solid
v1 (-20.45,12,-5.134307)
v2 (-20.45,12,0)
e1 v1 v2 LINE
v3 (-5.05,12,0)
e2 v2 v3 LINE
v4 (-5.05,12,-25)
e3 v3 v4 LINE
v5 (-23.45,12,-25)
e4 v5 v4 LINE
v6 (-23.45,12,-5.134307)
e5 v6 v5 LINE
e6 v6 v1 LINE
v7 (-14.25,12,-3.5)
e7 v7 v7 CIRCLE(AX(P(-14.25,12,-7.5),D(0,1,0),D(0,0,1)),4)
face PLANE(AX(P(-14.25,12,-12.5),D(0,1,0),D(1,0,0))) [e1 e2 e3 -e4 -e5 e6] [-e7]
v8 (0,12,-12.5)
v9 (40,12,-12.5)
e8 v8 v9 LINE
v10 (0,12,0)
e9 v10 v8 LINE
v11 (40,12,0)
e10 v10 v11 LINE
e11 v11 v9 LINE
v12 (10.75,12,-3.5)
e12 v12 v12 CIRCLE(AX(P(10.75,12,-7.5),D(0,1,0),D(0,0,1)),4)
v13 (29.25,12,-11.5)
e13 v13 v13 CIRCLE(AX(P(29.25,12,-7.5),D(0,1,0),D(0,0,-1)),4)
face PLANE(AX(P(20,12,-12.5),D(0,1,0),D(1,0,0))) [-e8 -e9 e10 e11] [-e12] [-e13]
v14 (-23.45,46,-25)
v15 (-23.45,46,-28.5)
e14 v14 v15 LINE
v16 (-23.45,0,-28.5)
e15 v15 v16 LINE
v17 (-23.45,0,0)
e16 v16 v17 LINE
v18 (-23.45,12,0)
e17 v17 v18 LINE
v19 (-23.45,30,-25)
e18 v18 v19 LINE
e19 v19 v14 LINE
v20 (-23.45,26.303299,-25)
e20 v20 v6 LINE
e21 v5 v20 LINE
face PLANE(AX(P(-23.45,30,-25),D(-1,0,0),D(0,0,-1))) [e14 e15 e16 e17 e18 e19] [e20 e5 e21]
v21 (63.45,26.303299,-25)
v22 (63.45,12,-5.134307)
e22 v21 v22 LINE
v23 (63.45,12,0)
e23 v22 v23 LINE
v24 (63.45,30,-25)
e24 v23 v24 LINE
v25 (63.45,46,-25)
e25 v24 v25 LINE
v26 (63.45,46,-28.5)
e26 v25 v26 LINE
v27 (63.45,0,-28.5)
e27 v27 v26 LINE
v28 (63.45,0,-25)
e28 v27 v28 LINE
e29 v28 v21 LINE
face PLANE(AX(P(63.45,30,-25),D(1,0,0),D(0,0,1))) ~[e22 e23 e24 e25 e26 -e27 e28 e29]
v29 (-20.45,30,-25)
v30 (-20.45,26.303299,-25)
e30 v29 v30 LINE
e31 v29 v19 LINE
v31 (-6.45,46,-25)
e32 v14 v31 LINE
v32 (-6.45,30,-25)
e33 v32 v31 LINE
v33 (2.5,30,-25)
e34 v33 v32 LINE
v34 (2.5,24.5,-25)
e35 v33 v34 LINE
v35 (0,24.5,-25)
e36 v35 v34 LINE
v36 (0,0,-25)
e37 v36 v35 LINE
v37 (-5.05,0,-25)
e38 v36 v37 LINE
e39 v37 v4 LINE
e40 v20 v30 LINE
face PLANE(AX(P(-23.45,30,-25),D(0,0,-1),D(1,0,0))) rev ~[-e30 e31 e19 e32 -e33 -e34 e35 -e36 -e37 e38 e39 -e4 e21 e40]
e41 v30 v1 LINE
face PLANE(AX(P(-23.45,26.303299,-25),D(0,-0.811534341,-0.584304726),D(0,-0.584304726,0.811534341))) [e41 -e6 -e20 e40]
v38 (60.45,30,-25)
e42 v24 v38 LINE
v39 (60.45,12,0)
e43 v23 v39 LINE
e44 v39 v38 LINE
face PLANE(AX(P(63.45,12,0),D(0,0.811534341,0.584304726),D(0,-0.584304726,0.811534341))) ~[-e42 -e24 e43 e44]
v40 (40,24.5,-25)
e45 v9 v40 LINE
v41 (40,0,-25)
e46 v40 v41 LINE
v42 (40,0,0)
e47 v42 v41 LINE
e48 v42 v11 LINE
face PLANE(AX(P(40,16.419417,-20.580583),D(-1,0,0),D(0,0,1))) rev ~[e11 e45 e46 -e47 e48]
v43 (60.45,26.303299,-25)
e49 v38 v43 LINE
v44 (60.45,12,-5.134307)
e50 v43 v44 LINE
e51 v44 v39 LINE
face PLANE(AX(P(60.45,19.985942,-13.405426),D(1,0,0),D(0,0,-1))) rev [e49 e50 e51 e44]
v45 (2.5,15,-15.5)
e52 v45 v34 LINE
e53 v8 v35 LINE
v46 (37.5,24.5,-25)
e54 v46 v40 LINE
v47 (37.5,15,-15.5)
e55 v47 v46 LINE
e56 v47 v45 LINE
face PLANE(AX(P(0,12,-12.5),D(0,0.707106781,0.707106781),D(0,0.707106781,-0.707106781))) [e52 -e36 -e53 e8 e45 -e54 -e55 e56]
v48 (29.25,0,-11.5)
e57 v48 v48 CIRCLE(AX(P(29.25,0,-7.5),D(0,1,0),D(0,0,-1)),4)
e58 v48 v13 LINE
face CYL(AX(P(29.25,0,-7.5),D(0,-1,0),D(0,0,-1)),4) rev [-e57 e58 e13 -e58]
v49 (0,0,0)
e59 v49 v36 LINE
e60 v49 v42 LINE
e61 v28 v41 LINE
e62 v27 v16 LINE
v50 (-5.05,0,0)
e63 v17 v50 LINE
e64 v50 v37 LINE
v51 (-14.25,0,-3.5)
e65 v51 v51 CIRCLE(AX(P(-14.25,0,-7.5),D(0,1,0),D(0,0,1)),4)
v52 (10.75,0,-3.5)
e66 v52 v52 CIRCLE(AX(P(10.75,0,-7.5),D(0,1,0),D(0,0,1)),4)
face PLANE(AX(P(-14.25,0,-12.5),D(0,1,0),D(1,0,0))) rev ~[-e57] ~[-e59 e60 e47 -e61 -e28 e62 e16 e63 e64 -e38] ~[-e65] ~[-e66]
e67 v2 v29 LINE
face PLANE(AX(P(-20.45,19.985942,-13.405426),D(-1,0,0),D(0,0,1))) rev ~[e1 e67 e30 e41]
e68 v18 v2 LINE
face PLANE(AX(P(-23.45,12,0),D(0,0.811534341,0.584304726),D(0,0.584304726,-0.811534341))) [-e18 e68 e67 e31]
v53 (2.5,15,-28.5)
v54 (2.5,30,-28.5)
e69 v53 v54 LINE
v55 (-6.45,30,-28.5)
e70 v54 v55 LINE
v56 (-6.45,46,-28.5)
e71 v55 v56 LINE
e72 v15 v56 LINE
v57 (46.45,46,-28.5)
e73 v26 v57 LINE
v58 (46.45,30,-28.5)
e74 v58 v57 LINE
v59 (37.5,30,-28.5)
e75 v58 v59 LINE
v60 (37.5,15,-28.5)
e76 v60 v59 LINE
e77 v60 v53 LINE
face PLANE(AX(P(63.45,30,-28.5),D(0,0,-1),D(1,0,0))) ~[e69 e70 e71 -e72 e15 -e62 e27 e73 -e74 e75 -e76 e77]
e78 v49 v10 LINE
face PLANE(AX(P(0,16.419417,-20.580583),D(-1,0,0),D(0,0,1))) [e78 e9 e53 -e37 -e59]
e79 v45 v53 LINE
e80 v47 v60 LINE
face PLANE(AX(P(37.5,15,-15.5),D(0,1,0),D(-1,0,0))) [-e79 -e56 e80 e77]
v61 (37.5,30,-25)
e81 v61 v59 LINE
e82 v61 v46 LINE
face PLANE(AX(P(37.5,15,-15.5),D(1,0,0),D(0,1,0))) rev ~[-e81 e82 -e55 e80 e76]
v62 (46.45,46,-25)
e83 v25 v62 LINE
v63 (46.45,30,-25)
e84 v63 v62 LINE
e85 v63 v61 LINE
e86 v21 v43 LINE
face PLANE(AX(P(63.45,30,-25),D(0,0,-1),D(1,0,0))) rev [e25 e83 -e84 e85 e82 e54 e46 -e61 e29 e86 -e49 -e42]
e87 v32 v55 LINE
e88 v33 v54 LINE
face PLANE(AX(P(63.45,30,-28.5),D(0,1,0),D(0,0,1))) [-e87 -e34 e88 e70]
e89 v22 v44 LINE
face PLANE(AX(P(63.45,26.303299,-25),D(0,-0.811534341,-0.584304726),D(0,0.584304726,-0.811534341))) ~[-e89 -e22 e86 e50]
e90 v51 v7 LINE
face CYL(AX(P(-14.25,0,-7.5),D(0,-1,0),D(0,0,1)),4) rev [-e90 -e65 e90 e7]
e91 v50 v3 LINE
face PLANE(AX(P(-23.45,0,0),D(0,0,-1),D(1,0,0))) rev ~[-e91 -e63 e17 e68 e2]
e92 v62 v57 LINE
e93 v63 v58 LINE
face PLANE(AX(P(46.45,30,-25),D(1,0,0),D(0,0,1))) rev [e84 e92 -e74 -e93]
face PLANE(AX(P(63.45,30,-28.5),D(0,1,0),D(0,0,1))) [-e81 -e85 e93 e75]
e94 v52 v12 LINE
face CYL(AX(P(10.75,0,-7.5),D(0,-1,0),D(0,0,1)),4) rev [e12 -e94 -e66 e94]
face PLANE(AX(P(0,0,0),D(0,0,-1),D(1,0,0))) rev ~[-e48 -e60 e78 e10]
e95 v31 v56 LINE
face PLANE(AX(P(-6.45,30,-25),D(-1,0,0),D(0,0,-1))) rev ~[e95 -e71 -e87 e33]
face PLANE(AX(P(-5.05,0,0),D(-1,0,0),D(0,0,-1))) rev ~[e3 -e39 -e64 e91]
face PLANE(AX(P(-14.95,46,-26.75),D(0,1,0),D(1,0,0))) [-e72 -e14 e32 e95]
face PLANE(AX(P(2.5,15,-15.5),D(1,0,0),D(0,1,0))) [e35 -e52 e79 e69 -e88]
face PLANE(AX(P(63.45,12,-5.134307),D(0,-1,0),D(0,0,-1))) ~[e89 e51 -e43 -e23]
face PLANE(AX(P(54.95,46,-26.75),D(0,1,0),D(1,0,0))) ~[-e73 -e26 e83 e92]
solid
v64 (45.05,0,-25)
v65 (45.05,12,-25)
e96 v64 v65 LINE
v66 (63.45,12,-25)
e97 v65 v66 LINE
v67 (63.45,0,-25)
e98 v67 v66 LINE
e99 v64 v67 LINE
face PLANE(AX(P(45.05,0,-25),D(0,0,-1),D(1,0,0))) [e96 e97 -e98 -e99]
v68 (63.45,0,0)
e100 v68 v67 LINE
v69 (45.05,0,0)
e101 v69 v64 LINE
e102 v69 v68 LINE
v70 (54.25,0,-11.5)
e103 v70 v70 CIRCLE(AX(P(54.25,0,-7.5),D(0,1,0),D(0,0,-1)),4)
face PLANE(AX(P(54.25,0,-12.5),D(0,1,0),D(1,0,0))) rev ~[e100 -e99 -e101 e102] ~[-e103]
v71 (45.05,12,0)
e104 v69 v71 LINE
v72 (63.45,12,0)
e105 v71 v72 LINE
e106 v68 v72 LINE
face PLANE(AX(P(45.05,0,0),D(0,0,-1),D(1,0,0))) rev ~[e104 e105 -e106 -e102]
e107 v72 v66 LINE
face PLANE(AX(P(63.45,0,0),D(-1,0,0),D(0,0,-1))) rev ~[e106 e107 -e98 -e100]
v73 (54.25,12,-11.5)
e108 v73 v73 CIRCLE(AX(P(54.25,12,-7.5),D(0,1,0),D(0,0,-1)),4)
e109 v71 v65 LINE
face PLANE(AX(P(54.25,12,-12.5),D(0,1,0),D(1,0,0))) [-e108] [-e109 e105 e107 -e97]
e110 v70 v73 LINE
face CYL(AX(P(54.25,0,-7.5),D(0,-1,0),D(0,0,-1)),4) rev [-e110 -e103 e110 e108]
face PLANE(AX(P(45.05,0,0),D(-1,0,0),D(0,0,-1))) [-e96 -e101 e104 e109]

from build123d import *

# Parameters (mm, degrees)
SKETCH1_W             = 40
SKETCH1_H             = 25
SKETCH1_R             = 4
BOSS_EXTRUDE1_DEPTH   = 12
SKETCH1_W_2           = 18.4
BOSS_EXTRUDE1_2_DEPTH = 12
BOSS_EXTRUDE1_3_DEPTH = 12
BOSS_EXTRUDE2_START   = -43.45
SKETCH2_W             = 3.5
SKETCH2_H             = 30
BOSS_EXTRUDE2_DEPTH   = 86.9
BOSS_EXTRUDE3_DEPTH   = 3
BOSS_EXTRUDE4_DEPTH   = 40
CUT_EXTRUDE1_START    = -13
SKETCH5_W             = 35
SKETCH5_H             = 15
CUT_EXTRUDE1_DEPTH    = 13
SKETCH6_W             = 17
SKETCH6_H             = 3.5
BOSS_EXTRUDE5_DEPTH   = 16


with BuildPart() as part:
    # Sketch1 → Boss-Extrude1 (new body)
    with BuildSketch(Plane(origin=(0, 0, 0), x_dir=(1, 0, 0), z_dir=(0, 1, 0))):
        with Locations((20, 12.5)):
            Rectangle(SKETCH1_W, SKETCH1_H)
        with Locations(Location((10.75, 7.5, 0), (0, 0, 270))):
            Circle(SKETCH1_R, mode=Mode.SUBTRACT)
        with Locations(Location((29.25, 7.5, 0), (0, 0, 90))):
            Circle(SKETCH1_R, mode=Mode.SUBTRACT)
    extrude(amount=BOSS_EXTRUDE1_DEPTH)

    # Sketch2 → Boss-Extrude2 (add)
    with BuildSketch(Plane.ZY.offset(-20).offset(BOSS_EXTRUDE2_START)):
        with Locations((-26.75, 15)):
            Rectangle(SKETCH2_W, SKETCH2_H)
    extrude(amount=BOSS_EXTRUDE2_DEPTH)



with BuildPart() as body_2:
    # Sketch1 → Boss-Extrude1 2 (new body)
    with BuildSketch(Plane(origin=(0, 0, 0), x_dir=(1, 0, 0), z_dir=(0, 1, 0))):
        with Locations((-14.25, 12.5)):
            Rectangle(SKETCH1_W_2, SKETCH1_H)
        with Locations(Location((-14.25, 7.5, 0), (0, 0, 270))):
            Circle(SKETCH1_R, mode=Mode.SUBTRACT)
    extrude(amount=BOSS_EXTRUDE1_2_DEPTH)


with BuildPart() as body_3:
    # Sketch1 → Boss-Extrude1 3 (new body)
    with BuildSketch(Plane(origin=(0, 0, 0), x_dir=(1, 0, 0), z_dir=(0, 1, 0))):
        with Locations((54.25, 12.5)):
            Rectangle(SKETCH1_W_2, SKETCH1_H)
        with Locations(Location((54.25, 7.5, 0), (0, 0, 90))):
            Circle(SKETCH1_R, mode=Mode.SUBTRACT)
    extrude(amount=BOSS_EXTRUDE1_3_DEPTH)


with BuildPart() as part_1:
    add(part.part)

    add(body_2.part)  # Boss-Extrude3 merges body 2
    # Sketch3 → Boss-Extrude3 (add)
    with BuildSketch(Plane.ZY.offset(23.45)):
        Polygon((0, 12), (-25, 30), (-25, 26.303298768), (-5.134307267, 12), align=None)
    boss_extrude3 = extrude(amount=-BOSS_EXTRUDE3_DEPTH)

    # Mirror1: Boss-Extrude3 across plane
    add(boss_extrude3.mirror(Plane.ZY.offset(-20)))

    # Sketch4 → Boss-Extrude4 (add)
    with BuildSketch(Plane.ZY):
        Polygon((-12.5, 12), (-25, 24.5), (-25, 12), align=None)
    extrude(amount=-BOSS_EXTRUDE4_DEPTH)

    # Sketch5 → Cut-Extrude1 (cut)
    with BuildSketch(Plane(origin=(0, 0, -28.5), x_dir=(-1, 0, 0), z_dir=(0, 0, -1)).offset(CUT_EXTRUDE1_START)):
        with Locations((-20, 22.5)):
            Rectangle(SKETCH5_W, SKETCH5_H)
    extrude(amount=CUT_EXTRUDE1_DEPTH, mode=Mode.SUBTRACT)

    # Sketch6 → Boss-Extrude5 (add)
    with BuildSketch(Plane(origin=(0, 30, 0), x_dir=(1, 0, 0), z_dir=(0, 1, 0))):
        with Locations((-14.95, 26.75)):
            Rectangle(SKETCH6_W, SKETCH6_H)
    boss_extrude5 = extrude(amount=BOSS_EXTRUDE5_DEPTH)

    # Mirror2: Boss-Extrude5 across plane
    add(boss_extrude5.mirror(Plane.ZY.offset(-20)))


solid = Compound([body_3.part, part_1.part])
